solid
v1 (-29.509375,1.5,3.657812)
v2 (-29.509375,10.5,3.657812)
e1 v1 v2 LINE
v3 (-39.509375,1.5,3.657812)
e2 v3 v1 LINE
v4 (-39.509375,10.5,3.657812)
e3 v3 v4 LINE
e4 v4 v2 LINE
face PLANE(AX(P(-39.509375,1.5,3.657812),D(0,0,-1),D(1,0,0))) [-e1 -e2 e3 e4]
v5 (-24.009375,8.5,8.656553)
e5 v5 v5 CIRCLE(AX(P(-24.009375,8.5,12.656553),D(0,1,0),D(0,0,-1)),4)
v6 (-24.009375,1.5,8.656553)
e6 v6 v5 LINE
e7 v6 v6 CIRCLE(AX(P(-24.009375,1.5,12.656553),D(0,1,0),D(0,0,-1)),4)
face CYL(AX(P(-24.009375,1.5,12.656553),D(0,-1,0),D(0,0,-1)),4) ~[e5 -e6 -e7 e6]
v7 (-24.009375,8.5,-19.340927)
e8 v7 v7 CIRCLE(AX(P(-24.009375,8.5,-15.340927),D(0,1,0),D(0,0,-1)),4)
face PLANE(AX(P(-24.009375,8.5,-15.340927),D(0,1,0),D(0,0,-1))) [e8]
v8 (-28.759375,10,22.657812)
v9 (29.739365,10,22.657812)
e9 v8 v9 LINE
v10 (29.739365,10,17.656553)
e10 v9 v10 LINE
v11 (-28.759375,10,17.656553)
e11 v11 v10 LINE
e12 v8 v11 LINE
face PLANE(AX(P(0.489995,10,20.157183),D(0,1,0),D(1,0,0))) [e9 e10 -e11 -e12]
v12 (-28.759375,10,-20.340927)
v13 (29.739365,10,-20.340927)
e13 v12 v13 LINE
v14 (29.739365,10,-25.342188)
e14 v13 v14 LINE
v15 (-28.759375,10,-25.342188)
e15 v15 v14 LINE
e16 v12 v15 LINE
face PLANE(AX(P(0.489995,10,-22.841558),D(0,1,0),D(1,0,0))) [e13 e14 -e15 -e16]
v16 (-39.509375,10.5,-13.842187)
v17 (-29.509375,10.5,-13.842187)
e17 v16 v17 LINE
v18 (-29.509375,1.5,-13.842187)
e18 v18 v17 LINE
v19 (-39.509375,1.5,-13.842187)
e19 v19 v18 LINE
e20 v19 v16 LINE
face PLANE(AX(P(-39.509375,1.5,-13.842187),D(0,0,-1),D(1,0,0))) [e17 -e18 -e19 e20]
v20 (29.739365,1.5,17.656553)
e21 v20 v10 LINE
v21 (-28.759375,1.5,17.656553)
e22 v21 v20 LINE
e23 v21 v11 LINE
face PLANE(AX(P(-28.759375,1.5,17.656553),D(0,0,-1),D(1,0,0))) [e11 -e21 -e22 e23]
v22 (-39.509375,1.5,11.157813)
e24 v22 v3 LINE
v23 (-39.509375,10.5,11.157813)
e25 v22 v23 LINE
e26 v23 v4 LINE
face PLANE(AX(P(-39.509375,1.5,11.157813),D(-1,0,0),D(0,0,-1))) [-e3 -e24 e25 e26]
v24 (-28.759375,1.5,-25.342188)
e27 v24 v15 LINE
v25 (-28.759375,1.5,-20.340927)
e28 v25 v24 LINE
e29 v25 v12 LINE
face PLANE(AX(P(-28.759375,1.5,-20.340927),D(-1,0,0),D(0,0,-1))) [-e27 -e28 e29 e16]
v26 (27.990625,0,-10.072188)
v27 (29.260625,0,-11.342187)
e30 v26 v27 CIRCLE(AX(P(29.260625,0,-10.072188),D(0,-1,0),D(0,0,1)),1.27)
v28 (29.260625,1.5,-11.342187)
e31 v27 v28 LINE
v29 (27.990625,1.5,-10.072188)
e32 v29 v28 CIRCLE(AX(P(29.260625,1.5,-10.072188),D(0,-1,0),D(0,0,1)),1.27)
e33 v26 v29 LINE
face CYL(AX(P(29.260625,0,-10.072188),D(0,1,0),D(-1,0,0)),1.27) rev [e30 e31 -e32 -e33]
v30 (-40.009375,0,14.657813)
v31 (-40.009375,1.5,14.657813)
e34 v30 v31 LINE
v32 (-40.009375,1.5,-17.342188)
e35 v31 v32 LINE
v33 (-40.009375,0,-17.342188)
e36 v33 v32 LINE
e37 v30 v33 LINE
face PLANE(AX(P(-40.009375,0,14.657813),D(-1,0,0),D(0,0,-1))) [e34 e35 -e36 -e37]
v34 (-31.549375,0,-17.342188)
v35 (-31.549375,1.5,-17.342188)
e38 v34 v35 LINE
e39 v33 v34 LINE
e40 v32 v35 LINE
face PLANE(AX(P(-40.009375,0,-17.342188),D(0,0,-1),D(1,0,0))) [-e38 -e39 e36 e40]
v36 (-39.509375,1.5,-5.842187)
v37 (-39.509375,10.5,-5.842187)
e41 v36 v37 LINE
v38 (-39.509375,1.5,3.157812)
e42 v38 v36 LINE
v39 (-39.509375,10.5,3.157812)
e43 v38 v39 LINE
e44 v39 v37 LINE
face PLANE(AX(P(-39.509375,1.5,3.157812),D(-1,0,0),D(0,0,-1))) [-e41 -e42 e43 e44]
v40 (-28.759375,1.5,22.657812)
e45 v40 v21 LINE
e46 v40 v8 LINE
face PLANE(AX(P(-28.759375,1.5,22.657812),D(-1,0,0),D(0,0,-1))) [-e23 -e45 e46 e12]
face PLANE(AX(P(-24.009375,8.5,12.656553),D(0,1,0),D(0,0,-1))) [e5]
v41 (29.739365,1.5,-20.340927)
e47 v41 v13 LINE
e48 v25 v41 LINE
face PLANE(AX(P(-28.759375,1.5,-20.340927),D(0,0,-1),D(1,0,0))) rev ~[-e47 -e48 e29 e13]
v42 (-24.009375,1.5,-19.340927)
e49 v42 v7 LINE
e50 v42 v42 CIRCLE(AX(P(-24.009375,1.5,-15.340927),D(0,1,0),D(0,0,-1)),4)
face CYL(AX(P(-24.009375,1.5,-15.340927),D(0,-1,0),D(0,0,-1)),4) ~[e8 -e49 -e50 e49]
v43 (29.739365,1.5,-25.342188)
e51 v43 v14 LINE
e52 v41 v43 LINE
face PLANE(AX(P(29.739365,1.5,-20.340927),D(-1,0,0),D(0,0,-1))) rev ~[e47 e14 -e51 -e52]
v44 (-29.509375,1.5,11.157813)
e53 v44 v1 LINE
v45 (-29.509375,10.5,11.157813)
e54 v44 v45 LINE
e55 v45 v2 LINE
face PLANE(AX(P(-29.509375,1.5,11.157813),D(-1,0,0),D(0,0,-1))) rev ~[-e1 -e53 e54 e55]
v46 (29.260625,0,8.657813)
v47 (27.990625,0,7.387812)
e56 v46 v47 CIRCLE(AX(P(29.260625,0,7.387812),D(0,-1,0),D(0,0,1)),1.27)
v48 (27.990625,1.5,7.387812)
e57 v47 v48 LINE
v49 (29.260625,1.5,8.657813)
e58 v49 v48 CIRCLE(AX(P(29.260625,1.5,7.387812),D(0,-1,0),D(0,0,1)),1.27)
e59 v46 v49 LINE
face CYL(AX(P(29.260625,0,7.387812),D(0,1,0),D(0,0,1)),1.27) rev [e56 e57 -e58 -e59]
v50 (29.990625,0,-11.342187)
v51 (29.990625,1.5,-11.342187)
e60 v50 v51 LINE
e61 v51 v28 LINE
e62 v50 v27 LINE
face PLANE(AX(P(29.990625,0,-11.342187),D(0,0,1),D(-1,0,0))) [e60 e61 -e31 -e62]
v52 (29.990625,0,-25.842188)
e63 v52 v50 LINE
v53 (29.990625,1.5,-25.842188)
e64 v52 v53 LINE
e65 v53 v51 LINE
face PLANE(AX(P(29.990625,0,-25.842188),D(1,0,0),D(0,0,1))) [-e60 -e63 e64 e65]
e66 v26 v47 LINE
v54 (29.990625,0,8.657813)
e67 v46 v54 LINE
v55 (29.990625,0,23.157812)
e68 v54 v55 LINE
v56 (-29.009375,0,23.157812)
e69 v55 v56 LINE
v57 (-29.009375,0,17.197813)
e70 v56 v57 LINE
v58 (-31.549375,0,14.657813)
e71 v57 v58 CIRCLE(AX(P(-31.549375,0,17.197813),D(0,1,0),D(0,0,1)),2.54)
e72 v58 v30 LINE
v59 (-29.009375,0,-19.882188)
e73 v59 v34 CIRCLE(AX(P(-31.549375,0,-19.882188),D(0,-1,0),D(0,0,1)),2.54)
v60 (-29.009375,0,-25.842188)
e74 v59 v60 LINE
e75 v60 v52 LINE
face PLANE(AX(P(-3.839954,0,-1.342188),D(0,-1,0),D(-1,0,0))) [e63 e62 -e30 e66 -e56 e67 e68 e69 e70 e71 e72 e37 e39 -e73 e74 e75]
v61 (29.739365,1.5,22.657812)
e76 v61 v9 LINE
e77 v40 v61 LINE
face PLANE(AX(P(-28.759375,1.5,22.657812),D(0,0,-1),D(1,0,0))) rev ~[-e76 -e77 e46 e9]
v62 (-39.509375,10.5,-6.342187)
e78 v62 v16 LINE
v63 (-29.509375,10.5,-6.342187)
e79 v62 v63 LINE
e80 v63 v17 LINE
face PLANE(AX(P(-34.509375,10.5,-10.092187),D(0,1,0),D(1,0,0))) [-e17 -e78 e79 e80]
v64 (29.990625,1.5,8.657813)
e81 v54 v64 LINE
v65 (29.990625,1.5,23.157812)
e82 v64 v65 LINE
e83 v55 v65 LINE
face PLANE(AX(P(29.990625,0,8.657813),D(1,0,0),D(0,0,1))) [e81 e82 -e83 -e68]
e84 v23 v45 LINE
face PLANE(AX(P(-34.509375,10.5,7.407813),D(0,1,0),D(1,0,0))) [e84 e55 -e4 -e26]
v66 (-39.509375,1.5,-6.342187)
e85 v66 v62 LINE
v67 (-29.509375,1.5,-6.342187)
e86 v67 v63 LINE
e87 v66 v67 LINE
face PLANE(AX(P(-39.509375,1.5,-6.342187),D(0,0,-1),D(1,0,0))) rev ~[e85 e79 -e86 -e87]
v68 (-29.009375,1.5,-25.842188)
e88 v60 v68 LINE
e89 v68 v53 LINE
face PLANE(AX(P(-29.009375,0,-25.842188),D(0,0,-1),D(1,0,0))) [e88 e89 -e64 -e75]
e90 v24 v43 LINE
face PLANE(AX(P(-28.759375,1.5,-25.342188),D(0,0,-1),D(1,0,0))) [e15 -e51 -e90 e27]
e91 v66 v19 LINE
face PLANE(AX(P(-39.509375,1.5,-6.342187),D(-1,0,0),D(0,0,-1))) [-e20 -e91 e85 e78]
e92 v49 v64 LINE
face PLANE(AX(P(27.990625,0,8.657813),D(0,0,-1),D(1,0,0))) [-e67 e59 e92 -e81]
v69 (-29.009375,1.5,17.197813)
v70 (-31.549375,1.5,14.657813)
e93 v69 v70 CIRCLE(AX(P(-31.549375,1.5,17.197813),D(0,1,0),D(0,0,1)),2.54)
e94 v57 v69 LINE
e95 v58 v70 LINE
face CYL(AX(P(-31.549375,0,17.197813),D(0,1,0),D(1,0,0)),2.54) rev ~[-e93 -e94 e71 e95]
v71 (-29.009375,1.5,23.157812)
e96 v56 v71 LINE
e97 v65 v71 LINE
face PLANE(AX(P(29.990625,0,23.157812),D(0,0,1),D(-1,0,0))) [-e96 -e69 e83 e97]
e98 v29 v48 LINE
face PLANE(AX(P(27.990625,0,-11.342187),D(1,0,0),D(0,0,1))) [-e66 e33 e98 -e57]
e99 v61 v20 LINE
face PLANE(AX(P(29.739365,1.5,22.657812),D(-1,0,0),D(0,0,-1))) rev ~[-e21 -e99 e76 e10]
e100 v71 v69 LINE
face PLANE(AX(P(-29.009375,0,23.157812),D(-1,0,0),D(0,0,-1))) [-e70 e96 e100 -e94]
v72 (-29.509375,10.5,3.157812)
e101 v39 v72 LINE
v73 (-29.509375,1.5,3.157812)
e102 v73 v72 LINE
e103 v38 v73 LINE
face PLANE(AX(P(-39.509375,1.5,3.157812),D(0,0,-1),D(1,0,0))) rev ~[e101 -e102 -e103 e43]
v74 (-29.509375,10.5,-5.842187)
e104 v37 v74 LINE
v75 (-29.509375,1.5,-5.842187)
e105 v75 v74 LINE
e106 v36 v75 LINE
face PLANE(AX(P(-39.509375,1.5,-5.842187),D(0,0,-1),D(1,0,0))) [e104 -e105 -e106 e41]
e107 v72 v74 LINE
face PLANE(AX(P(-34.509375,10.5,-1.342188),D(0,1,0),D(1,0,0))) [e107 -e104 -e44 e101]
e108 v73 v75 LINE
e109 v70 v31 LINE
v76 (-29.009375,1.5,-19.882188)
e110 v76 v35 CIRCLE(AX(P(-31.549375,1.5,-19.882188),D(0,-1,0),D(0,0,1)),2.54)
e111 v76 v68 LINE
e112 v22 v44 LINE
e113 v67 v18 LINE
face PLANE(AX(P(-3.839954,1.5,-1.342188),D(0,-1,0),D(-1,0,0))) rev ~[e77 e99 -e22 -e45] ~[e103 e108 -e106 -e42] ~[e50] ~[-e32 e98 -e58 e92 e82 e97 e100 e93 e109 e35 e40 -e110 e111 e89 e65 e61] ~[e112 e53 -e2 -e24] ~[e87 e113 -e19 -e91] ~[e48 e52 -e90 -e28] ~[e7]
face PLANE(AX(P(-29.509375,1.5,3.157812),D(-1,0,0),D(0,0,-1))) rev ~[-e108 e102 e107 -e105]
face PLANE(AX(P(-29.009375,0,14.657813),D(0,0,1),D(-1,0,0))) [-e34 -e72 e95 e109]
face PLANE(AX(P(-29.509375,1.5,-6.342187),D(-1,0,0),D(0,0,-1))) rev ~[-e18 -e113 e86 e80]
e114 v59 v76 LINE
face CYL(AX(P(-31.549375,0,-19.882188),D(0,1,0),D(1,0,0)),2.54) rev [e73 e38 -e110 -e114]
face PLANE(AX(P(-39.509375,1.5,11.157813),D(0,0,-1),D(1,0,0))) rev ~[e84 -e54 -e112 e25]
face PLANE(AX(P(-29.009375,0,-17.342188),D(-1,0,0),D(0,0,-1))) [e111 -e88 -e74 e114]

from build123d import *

# Parameters (mm, degrees)
BOSS_EXTRUDE1_DEPTH = 1.5
SKETCH2_W           = 58.49874
SKETCH2_H           = 5.00126
BOSS_EXTRUDE2_DEPTH = 8.5
SKETCH3_W           = 10
SKETCH3_H           = 7.5
SKETCH3_H_2         = 9
BOSS_EXTRUDE3_DEPTH = 9
SKETCH4_R           = 4
BOSS_EXTRUDE4_DEPTH = 7
FILLET1_R           = 2.54
FILLET2_R           = 1.27


with BuildPart() as part:
    # Sketch1 → Boss-Extrude1 (new body)
    with BuildSketch(Plane(origin=(0, 0, 0), x_dir=(1, 0, 0), z_dir=(0, 1, 0))):
        Polygon((-29.009375, 25.8421875), (29.990625, 25.8421875), (29.990625, 11.3421875), (27.990625, 11.3421875), (27.990625, -8.6578125), (29.990625, -8.6578125), (29.990625, -23.1578125), (-29.009375, -23.1578125), (-29.009375, -14.6578125), (-40.009375, -14.6578125), (-40.009375, 17.3421875), (-29.009375, 17.3421875), align=None)
    extrude(amount=BOSS_EXTRUDE1_DEPTH)

    # Sketch2 → Boss-Extrude2 (add)
    with BuildSketch(Plane(origin=(0, 1.5, 0), x_dir=(1, 0, 0), z_dir=(0, 1, 0))):
        with Locations((0.489995, -20.1571825)):
            Rectangle(SKETCH2_W, SKETCH2_H)
        with Locations((0.489995, 22.8415575)):
            Rectangle(SKETCH2_W, SKETCH2_H)
    extrude(amount=BOSS_EXTRUDE2_DEPTH)

    # Sketch3 → Boss-Extrude3 (add)
    with BuildSketch(Plane(origin=(0, 1.5, 0), x_dir=(1, 0, 0), z_dir=(0, 1, 0))):
        with Locations((-34.509375, 10.0921875)):
            Rectangle(SKETCH3_W, SKETCH3_H)
        with Locations((-34.509375, 1.3421875)):
            Rectangle(SKETCH3_W, SKETCH3_H_2)
        with Locations((-34.509375, -7.4078125)):
            Rectangle(SKETCH3_W, SKETCH3_H)
    extrude(amount=BOSS_EXTRUDE3_DEPTH)

    # Sketch4 → Boss-Extrude4 (add)
    with BuildSketch(Plane(origin=(0, 1.5, 0), x_dir=(1, 0, 0), z_dir=(0, 1, 0))):
        with Locations(Location((-24.009375, 15.3409275, 0), (0, 0, 90))):
            Circle(SKETCH4_R)
        with Locations(Location((-24.009375, -12.6565525, 0), (0, 0, 90))):
            Circle(SKETCH4_R)
    extrude(amount=BOSS_EXTRUDE4_DEPTH)

    # Fillet1
    fillet1_edges = [part.edges().sort_by_distance(p)[0] for p in [
        (-29.009375, 0.75, 14.6578125),
        (-29.009375, 0.75, -17.3421875),
    ]]
    fillet(fillet1_edges, radius=FILLET1_R)

    # Fillet2
    fillet2_edges = [part.edges().sort_by_distance(p)[0] for p in [
        (27.990625, 0.75, -11.3421875),
        (27.990625, 0.75, 8.6578125),
    ]]
    fillet(fillet2_edges, radius=FILLET2_R)


solid = part.part
